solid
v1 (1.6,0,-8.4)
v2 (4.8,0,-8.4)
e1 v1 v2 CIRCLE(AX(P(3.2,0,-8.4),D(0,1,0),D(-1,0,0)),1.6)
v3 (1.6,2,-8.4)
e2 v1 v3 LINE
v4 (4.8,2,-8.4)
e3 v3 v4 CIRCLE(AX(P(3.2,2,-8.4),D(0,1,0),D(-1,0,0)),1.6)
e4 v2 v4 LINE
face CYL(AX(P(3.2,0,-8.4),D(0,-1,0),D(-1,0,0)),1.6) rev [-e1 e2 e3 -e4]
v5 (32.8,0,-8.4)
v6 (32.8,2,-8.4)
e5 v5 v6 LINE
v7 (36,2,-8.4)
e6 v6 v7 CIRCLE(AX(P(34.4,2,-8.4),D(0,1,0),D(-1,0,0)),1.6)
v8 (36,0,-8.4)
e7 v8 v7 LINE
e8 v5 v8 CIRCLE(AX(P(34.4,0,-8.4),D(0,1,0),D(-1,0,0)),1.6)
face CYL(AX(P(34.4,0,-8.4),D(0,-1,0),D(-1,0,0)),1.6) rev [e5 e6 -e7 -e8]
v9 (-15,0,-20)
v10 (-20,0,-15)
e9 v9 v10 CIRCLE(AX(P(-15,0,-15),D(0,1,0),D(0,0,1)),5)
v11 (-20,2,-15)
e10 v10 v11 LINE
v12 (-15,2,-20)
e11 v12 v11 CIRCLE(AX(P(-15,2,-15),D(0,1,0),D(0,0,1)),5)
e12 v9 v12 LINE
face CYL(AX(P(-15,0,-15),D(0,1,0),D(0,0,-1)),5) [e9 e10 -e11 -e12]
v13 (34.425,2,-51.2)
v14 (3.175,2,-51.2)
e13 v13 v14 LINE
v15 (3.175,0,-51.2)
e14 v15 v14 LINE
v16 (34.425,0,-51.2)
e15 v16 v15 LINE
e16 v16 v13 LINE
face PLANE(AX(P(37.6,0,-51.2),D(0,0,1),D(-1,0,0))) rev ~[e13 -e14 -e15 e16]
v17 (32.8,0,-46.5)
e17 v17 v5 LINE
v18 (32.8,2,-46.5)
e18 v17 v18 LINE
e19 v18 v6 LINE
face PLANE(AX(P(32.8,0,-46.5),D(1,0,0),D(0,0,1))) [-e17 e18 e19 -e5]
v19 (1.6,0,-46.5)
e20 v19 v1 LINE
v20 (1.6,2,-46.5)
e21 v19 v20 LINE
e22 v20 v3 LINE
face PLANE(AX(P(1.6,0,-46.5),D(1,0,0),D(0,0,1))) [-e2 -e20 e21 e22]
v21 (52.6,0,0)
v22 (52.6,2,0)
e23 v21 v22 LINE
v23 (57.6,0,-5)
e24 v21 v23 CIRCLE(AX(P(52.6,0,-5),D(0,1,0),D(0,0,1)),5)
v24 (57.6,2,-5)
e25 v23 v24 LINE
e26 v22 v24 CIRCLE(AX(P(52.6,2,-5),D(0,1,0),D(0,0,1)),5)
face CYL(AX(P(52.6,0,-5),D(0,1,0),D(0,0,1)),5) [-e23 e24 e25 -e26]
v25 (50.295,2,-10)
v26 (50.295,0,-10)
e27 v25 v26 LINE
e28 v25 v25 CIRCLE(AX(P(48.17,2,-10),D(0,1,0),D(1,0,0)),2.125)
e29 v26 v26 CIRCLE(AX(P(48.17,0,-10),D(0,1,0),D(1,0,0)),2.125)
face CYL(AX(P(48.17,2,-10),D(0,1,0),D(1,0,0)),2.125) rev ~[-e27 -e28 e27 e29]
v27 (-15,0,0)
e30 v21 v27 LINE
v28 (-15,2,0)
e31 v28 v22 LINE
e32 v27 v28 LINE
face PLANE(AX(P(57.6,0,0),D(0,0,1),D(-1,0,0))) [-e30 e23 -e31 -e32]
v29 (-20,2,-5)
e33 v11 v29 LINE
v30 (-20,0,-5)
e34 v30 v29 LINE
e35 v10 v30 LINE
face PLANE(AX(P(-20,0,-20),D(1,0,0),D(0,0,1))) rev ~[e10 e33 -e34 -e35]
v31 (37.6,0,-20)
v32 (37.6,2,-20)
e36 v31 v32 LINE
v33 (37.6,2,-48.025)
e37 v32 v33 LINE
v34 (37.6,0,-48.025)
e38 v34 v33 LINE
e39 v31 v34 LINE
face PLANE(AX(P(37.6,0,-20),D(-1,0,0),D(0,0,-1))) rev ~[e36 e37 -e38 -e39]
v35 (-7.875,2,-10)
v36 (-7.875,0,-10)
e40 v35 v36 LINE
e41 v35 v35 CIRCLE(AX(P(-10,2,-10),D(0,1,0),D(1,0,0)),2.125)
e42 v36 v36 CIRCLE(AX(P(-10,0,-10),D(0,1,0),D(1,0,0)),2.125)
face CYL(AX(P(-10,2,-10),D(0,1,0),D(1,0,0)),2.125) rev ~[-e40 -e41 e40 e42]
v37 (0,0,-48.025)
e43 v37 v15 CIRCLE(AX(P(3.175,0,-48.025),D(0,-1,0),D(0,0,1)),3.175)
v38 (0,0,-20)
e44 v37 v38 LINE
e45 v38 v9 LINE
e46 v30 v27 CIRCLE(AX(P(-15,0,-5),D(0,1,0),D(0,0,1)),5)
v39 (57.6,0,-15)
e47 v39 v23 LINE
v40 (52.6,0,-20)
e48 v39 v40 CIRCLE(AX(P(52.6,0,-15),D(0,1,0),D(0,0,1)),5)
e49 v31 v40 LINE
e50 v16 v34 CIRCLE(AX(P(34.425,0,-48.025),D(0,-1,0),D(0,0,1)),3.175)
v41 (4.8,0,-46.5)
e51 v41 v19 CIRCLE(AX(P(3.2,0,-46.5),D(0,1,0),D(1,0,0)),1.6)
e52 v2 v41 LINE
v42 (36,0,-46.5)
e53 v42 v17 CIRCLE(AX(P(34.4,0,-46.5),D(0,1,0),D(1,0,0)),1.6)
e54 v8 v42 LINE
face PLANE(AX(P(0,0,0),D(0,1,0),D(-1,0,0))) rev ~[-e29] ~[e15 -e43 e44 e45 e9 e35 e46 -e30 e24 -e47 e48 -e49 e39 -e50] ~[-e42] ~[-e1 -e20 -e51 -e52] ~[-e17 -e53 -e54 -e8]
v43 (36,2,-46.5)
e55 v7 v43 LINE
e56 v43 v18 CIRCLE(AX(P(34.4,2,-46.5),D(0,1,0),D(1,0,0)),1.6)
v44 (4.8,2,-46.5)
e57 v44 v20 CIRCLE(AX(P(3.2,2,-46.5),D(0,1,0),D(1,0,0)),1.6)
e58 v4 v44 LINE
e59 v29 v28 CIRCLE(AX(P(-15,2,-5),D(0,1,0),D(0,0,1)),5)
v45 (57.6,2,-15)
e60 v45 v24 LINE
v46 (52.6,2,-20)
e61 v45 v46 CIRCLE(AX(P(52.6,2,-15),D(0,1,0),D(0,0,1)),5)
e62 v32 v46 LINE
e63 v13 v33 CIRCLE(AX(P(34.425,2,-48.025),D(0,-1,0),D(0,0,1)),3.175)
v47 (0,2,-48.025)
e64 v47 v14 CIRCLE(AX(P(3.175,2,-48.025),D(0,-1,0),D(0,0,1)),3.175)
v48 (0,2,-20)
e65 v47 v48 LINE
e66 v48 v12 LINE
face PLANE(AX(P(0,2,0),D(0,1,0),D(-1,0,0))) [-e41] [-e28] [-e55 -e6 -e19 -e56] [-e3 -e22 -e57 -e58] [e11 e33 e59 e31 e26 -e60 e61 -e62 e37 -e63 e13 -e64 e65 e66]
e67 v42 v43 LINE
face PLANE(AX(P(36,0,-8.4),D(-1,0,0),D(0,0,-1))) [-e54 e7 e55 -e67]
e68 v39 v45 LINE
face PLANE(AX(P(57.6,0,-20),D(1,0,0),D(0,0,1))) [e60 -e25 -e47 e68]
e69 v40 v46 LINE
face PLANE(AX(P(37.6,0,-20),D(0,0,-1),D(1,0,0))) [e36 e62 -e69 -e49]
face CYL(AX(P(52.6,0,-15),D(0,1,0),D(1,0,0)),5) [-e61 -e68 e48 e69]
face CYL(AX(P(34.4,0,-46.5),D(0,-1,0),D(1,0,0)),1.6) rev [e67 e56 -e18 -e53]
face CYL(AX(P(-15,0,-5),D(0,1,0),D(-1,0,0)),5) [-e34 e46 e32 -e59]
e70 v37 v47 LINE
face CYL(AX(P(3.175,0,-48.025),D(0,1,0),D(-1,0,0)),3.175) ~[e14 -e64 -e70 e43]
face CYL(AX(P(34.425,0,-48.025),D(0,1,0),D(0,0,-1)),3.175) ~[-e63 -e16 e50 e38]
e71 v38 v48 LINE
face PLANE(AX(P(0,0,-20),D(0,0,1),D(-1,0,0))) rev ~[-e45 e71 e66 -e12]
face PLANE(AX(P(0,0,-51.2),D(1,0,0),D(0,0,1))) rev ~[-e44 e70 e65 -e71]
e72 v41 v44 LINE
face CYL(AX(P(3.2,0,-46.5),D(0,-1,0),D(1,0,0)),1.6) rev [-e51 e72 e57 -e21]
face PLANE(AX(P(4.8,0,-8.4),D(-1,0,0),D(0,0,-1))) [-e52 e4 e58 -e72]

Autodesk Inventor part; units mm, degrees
ref_plane "YZ Plane" through (0, 0, 0) normal (1, 0, 0) x (0, 1, 0)
ref_plane "XZ Plane" through (0, 0, 0) normal (0, 1, 0) x (-1, 0, 0)
ref_plane "XY Plane" through (0, 0, 0) normal (0, 0, 1) x (1, 0, 0)
sketch "Sketch1" plane through (0, 0, 0) normal (0, 1, 0) x (-1, 0, 0)
  line L0 (0, 0) -> (-37.6, 0)
  line L1 (-37.6, -20) -> (-37.6, -51.2)
  line L2 (-37.6, -51.2) -> (0, -51.2)
  line L3 (0, -51.2) -> (0, -20)
  line L4 (-18.8, 0) -> (-1.65, 0)
  line L5 (-1.65, 0) -> (-23.35, 0)
  line L6 (-18.8, 0) -> (5.35, 0)
  line L7 (5.35, 0) -> (-25.85, 0)
  line L8 (-18.8, 0) -> (-3.2, 0)
  line L9 (-3.2, 0) -> (-34.4, 0)
  arc A0 (-32.8, -8.4) -> (-36, -8.4) centre (-34.4, -8.4) ccw
  arc A1 (-36, -46.5) -> (-32.8, -46.5) centre (-34.4, -46.5) ccw
  arc A2 (-1.6, -8.4) -> (-4.8, -8.4) centre (-3.2, -8.4) ccw
  arc A3 (-4.8, -46.5) -> (-1.6, -46.5) centre (-3.2, -46.5) ccw
  line L10 (0, 0) -> (0, -20)
  line L11 (0, -20) -> (20, -20)
  line L12 (20, -20) -> (20, 0)
  line L13 (20, 0) -> (0, 0)
  line L14 (-37.6, -20) -> (-57.6, -20)
  line L15 (-57.6, -20) -> (-57.6, 0)
  line L16 (-57.6, 0) -> (-37.6, 0)
  line L17 (-1.6, -46.5) -> (-1.6, -8.4)
  line L18 (-4.8, -8.4) -> (-4.8, -46.5)
  line L19 (-32.8, -46.5) -> (-32.8, -8.4)
  line L20 (-36, -8.4) -> (-36, -46.5)
  point P0 (5.35, 0)
  dimension "d0" = 37.6
  dimension "d1" = 51.2
  dimension "d41" = 15.6
  dimension "d42" = 31.2
  dimension "d50" = 3.2
  dimension "d56" = 3.2
  dimension "d57" = 3.2
  dimension "d63" = 3.2
  dimension "d67" = 8.4
  dimension "d77" = 8.4
  dimension "d81" = 20
  dimension "d82" = 20
  dimension "d83" = 20
extrude "Extrusion3" add sketch "Sketch1" along normal blind 2
fillet "Fillet2" radius 3.175 2 edges at (0, 1, -51.2) (37.6, 1, -51.2)
sketch "Sketch2" plane through (0, 2, 0) normal (0, 1, 0) x (1, 0, 0)
  circle A0 centre (-10, 10) radius 2.125
  line L0 (-20, 0) -> (57.6, 0) projected
  line L1 (38.17, 0) -> (48.17, 0)
  circle A1 centre (48.17, 10) radius 2.125
  point P0 (0, 0)
  dimension "d85" = 4.25
  dimension "d86" = 10
  dimension "d88" = 4.25
extrude "Extrusion4" cut sketch "Sketch2" against normal blind 2
fillet "Fillet3" radius 5 4 edges at (57.6, 1, -20) (57.6, 1, 0) (-20, 1, 0) (-20, 1, -20)
properties part number "Motor Attachment"
